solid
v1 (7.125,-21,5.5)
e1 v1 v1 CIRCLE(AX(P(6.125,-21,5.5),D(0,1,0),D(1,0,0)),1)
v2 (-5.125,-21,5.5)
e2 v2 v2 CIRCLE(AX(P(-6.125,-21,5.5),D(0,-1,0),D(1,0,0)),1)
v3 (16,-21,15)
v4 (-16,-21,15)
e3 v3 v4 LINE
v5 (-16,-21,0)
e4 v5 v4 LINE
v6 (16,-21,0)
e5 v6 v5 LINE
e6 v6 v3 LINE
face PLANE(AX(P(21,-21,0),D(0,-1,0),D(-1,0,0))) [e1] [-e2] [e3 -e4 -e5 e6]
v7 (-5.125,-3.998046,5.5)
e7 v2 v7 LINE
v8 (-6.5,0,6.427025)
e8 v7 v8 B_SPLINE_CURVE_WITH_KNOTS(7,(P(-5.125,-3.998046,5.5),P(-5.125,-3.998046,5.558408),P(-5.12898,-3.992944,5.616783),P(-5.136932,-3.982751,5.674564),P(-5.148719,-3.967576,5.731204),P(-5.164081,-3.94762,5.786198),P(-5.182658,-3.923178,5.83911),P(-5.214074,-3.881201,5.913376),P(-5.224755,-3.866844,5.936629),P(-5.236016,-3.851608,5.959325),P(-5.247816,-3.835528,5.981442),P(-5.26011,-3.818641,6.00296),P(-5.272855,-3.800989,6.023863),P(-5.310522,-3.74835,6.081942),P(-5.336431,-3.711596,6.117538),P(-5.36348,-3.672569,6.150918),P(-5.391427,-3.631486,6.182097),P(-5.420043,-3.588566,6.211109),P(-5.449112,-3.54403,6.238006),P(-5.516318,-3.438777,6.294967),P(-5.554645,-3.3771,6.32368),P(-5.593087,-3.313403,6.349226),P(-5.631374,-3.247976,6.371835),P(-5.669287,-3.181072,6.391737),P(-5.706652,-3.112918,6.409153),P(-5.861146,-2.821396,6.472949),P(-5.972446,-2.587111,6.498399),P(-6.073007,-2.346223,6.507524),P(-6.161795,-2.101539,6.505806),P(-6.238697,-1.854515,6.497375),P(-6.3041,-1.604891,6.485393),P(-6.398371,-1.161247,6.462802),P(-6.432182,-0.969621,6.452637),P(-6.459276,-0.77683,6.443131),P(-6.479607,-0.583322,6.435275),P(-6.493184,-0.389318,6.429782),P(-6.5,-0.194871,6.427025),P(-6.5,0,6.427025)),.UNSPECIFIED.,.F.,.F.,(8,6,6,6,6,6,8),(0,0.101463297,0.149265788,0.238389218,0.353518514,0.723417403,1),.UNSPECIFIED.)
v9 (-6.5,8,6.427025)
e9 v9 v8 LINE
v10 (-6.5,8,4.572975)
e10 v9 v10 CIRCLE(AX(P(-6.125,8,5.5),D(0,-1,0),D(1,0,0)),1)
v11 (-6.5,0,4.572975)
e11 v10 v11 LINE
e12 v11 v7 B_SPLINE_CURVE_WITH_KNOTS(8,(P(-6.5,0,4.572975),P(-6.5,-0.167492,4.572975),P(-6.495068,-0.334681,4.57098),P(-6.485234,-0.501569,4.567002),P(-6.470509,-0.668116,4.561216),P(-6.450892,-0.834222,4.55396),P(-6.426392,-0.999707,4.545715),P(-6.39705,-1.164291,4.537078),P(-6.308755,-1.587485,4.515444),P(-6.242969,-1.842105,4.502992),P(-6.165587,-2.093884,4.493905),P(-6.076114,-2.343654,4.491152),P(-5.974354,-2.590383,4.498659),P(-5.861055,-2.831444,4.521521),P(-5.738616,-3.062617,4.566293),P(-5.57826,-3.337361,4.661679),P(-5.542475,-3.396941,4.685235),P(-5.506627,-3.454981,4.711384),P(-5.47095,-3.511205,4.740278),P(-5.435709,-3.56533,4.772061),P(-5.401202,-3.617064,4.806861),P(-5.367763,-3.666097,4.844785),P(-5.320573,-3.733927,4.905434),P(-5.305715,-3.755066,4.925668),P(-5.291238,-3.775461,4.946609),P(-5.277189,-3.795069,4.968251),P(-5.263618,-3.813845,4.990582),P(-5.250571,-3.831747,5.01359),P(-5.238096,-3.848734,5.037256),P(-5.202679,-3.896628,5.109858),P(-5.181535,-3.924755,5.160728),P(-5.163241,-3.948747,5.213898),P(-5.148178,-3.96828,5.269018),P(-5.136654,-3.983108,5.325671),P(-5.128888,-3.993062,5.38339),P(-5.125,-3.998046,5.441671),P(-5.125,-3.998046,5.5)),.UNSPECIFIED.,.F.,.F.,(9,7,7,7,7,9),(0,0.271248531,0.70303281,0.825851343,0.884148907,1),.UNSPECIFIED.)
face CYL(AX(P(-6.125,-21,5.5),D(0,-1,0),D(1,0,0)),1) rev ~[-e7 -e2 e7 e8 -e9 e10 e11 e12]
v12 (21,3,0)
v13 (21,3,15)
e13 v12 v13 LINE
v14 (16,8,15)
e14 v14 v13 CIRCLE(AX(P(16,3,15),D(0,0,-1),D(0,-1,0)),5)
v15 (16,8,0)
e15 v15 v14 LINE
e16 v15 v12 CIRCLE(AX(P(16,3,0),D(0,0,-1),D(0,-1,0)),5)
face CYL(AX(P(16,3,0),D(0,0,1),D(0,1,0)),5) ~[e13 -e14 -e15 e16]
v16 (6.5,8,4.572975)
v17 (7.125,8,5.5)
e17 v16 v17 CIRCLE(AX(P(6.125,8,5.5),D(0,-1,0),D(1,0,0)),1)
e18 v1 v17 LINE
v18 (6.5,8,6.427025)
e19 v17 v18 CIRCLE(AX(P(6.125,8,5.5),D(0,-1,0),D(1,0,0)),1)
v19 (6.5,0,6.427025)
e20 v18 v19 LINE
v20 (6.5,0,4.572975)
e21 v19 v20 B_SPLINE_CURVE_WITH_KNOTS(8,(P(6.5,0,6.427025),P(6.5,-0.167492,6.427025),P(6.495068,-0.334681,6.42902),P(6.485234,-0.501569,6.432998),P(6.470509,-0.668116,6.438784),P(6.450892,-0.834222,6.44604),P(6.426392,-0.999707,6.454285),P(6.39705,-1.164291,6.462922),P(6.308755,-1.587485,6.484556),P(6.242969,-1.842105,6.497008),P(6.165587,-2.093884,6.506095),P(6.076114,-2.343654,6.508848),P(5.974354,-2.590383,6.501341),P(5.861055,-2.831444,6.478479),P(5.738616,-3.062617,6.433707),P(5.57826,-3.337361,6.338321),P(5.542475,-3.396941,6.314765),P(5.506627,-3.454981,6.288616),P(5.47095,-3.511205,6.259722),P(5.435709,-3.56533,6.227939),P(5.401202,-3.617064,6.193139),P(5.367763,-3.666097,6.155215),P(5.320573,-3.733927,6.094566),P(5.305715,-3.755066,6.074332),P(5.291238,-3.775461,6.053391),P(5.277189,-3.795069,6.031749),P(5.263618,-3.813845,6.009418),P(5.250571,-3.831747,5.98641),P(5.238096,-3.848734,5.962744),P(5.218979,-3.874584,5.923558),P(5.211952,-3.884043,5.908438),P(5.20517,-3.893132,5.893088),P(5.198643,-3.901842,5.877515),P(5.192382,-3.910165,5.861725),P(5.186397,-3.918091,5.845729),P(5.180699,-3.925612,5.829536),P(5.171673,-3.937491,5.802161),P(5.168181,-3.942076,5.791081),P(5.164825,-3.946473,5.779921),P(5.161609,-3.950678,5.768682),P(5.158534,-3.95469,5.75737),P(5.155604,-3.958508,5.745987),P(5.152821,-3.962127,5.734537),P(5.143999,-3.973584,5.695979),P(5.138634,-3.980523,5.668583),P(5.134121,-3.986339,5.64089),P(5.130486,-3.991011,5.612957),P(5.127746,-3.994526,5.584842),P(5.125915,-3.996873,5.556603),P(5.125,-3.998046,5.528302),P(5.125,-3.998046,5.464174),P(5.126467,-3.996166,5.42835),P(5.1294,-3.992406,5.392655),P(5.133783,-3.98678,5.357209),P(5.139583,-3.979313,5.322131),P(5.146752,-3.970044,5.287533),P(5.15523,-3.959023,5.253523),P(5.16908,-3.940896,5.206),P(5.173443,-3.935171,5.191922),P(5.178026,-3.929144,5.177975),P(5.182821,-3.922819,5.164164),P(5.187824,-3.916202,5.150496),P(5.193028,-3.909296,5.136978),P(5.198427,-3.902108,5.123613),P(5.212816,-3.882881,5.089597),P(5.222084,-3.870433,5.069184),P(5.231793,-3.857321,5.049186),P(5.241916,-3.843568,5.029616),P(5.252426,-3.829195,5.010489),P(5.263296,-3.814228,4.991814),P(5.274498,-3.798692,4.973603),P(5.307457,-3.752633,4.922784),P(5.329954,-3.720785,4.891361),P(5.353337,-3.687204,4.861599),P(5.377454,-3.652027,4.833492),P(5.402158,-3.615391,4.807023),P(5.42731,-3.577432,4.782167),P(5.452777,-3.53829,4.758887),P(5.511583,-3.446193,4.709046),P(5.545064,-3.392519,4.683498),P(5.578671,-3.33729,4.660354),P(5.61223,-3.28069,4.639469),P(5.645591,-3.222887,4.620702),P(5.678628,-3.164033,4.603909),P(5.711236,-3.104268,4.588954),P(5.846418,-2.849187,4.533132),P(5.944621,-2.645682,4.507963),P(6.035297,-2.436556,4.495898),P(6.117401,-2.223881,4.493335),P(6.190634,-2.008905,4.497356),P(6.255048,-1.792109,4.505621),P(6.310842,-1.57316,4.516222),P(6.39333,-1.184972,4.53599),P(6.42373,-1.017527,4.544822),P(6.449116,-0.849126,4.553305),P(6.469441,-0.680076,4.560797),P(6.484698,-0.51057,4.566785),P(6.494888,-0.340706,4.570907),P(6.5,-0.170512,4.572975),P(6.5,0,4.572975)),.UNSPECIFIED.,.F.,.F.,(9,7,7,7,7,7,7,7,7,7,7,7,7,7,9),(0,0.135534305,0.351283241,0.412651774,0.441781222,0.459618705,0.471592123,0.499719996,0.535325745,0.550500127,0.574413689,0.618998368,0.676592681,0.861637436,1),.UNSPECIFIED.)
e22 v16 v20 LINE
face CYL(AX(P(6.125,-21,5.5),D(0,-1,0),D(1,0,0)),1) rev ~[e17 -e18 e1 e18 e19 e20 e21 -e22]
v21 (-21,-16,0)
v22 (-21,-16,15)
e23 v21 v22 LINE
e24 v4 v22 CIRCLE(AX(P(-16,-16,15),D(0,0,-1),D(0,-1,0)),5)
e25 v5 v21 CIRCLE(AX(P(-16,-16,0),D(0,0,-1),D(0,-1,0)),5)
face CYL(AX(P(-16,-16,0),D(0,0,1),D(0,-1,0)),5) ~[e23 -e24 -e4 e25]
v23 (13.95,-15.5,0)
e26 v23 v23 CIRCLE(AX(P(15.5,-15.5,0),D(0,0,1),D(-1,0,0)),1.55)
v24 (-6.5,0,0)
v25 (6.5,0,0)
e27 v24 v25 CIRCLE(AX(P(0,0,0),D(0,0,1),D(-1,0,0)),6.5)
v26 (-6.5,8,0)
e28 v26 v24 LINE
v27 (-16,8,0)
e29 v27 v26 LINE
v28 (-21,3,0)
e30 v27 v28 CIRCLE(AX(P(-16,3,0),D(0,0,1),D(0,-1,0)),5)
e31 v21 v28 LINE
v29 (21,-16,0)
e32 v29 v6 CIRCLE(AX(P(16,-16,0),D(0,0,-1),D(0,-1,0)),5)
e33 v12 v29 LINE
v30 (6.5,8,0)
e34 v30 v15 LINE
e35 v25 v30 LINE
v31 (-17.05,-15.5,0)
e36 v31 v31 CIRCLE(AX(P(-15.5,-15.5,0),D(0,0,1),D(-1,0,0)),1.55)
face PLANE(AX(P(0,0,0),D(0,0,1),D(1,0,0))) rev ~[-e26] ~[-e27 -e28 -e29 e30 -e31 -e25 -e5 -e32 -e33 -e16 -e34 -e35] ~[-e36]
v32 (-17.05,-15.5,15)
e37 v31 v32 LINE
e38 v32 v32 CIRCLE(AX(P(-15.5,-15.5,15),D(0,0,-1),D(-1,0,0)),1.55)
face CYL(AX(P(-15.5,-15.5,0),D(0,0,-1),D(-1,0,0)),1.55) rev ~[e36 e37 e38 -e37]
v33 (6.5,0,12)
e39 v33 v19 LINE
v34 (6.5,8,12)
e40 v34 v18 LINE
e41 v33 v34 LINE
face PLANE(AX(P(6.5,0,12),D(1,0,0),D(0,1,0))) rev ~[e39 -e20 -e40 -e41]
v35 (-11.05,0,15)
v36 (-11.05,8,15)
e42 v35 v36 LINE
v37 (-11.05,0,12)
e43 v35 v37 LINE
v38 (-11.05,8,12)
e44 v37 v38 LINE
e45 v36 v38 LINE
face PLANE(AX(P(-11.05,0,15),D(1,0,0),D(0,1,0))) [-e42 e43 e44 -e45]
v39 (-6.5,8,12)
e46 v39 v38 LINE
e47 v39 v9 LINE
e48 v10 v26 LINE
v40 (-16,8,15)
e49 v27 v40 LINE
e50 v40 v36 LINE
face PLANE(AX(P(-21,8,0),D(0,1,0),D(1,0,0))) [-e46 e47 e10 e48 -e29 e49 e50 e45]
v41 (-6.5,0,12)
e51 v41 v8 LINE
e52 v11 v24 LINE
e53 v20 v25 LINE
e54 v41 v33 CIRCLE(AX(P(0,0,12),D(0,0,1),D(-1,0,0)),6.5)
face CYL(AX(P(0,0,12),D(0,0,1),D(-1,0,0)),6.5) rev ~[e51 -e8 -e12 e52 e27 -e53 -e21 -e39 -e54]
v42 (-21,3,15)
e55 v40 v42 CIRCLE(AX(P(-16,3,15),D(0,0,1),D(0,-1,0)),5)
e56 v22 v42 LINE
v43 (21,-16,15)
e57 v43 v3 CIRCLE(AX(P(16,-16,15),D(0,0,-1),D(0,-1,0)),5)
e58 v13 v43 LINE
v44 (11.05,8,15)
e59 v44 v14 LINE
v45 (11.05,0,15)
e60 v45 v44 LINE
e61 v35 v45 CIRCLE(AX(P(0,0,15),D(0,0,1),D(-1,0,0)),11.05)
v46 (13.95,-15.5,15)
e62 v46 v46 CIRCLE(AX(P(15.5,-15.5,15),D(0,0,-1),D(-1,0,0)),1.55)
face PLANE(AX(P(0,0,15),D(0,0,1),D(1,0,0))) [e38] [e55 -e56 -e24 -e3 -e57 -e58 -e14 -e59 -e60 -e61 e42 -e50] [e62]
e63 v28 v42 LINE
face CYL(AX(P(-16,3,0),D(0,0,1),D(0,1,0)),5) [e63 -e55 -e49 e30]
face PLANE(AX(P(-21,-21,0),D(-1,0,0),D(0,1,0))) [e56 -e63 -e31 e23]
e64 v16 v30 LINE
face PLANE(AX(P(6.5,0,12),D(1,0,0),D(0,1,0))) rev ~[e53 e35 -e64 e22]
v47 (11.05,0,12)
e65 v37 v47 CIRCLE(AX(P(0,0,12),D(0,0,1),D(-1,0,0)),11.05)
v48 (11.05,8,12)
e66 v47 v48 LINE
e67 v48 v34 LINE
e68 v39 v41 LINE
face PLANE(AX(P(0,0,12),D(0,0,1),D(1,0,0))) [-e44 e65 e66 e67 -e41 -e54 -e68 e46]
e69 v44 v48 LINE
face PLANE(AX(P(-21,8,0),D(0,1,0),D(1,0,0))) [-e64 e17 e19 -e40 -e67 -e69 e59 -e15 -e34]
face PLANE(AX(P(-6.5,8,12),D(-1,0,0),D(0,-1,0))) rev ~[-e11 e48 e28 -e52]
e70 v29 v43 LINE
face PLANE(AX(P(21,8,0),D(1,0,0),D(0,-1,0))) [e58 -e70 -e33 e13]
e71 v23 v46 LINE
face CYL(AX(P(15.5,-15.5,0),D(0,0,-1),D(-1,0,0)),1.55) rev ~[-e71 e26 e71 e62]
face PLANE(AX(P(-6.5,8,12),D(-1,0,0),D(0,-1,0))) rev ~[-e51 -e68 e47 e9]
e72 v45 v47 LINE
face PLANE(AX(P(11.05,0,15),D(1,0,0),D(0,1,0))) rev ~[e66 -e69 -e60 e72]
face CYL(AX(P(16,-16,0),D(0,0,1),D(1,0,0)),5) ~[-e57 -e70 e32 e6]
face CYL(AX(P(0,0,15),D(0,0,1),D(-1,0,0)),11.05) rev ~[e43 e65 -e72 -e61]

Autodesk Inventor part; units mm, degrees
ref_plane "YZ Plane" through (0, 0, 0) normal (1, 0, 0) x (0, 1, 0)
ref_plane "XZ Plane" through (0, 0, 0) normal (0, 1, 0) x (-1, 0, 0)
ref_plane "XY Plane" through (0, 0, 0) normal (0, 0, 1) x (1, 0, 0)
sketch "Sketch1" plane through (0, 0, 0) normal (0, 0, 1) x (1, 0, 0)
  line L0 (-21, 8) -> (21, 8)
  line L1 (21, 8) -> (21, -21)
  line L2 (21, -21) -> (-21, -21)
  line L3 (-21, -21) -> (-21, 8)
  point P0 (0, 0)
  point P1 (0, -21)
  dimension "d0" = 21
  dimension "d1" = 42
  dimension "d2" = 29
extrude "Extrusion1" add sketch "Sketch1" along normal blind 15
fillet "Fillet1" radius 5 4 edges at (21, -21, 7.5) (-21, 8, 7.5) (21, 8, 7.5) (-21, -21, 7.5)
sketch "Sketch2" plane through (0, 0, 15) normal (0, 0, 1) x (1, 0, 0)
  line L0 (16, 8) -> (-16, 8) projected
  arc A0 (-11.05, 0) -> (11.05, 0) centre (0, 0) ccw
  line L1 (-11.05, 0) -> (-11.05, 8)
  line L2 (11.05, 0) -> (11.05, 8)
  dimension "d6" = 11.05
extrude "Extrusion2" cut sketch "Sketch2" against normal blind 3
sketch "Sketch3" plane through (0, 0, 12) normal (0, 0, 1) x (1, 0, 0)
  arc A0 (-11.05, 0) -> (11.05, 0) centre (0, 0) ccw projected
  line L0 (-11.05, 8) -> (11.05, 8) projected
  line L1 (-6.5, 8) -> (-6.5, 0)
  arc A1 (-6.5, 0) -> (6.5, 0) centre (0, 0) ccw
  line L2 (6.5, 0) -> (6.5, 8)
  dimension "d10" = 13
extrude "Extrusion3" cut sketch "Sketch3" against normal through all
sketch "Sketch4" plane through (-16, -21, 0) normal (0, -1, 0) x (1, 0, 0)
  line L0 (32, 0) -> (0, 0) projected
  line L1 (0, 15) -> (32, 15) projected
  line L2 (9.875, 5.5) -> (22.125, 5.5)
  circle A0 centre (9.875, 5.5) radius 1
  circle A1 centre (22.125, 5.5) radius 1
  point P0 (16, 0)
  point P1 (16, 0)
  point P2 (16, 5.5)
  dimension "d14" = 5.5
  dimension "d15" = 12.25
  dimension "d16" = 2
extrude "Extrusion4" cut sketch "Sketch4" against normal through all
sketch "Sketch5" plane through (0, 0, 0) normal (0, 0, -1) x (-1, 0, 0)
  arc A0 (-6.5, 0) -> (6.5, 0) centre (0, 0) ccw projected
  line L0 (-15.5, -15.5) -> (-15.5, 15.5)
  line L1 (-15.5, 15.5) -> (15.5, 15.5)
  line L2 (15.5, 15.5) -> (15.5, -15.5)
  line L3 (15.5, -15.5) -> (-15.5, -15.5)
  circle A1 centre (-15.5, -15.5) radius 1.55
  circle A2 centre (15.5, -15.5) radius 1.55
  dimension "d19" = 31
  dimension "d20" = 3.1
extrude "Extrusion5" cut sketch "Sketch5" against normal through all contours L3 A1 L0 | L0 A1 L3 | A2 L2 L3 | L3 L2 A2
properties part number "UHMW_block"
